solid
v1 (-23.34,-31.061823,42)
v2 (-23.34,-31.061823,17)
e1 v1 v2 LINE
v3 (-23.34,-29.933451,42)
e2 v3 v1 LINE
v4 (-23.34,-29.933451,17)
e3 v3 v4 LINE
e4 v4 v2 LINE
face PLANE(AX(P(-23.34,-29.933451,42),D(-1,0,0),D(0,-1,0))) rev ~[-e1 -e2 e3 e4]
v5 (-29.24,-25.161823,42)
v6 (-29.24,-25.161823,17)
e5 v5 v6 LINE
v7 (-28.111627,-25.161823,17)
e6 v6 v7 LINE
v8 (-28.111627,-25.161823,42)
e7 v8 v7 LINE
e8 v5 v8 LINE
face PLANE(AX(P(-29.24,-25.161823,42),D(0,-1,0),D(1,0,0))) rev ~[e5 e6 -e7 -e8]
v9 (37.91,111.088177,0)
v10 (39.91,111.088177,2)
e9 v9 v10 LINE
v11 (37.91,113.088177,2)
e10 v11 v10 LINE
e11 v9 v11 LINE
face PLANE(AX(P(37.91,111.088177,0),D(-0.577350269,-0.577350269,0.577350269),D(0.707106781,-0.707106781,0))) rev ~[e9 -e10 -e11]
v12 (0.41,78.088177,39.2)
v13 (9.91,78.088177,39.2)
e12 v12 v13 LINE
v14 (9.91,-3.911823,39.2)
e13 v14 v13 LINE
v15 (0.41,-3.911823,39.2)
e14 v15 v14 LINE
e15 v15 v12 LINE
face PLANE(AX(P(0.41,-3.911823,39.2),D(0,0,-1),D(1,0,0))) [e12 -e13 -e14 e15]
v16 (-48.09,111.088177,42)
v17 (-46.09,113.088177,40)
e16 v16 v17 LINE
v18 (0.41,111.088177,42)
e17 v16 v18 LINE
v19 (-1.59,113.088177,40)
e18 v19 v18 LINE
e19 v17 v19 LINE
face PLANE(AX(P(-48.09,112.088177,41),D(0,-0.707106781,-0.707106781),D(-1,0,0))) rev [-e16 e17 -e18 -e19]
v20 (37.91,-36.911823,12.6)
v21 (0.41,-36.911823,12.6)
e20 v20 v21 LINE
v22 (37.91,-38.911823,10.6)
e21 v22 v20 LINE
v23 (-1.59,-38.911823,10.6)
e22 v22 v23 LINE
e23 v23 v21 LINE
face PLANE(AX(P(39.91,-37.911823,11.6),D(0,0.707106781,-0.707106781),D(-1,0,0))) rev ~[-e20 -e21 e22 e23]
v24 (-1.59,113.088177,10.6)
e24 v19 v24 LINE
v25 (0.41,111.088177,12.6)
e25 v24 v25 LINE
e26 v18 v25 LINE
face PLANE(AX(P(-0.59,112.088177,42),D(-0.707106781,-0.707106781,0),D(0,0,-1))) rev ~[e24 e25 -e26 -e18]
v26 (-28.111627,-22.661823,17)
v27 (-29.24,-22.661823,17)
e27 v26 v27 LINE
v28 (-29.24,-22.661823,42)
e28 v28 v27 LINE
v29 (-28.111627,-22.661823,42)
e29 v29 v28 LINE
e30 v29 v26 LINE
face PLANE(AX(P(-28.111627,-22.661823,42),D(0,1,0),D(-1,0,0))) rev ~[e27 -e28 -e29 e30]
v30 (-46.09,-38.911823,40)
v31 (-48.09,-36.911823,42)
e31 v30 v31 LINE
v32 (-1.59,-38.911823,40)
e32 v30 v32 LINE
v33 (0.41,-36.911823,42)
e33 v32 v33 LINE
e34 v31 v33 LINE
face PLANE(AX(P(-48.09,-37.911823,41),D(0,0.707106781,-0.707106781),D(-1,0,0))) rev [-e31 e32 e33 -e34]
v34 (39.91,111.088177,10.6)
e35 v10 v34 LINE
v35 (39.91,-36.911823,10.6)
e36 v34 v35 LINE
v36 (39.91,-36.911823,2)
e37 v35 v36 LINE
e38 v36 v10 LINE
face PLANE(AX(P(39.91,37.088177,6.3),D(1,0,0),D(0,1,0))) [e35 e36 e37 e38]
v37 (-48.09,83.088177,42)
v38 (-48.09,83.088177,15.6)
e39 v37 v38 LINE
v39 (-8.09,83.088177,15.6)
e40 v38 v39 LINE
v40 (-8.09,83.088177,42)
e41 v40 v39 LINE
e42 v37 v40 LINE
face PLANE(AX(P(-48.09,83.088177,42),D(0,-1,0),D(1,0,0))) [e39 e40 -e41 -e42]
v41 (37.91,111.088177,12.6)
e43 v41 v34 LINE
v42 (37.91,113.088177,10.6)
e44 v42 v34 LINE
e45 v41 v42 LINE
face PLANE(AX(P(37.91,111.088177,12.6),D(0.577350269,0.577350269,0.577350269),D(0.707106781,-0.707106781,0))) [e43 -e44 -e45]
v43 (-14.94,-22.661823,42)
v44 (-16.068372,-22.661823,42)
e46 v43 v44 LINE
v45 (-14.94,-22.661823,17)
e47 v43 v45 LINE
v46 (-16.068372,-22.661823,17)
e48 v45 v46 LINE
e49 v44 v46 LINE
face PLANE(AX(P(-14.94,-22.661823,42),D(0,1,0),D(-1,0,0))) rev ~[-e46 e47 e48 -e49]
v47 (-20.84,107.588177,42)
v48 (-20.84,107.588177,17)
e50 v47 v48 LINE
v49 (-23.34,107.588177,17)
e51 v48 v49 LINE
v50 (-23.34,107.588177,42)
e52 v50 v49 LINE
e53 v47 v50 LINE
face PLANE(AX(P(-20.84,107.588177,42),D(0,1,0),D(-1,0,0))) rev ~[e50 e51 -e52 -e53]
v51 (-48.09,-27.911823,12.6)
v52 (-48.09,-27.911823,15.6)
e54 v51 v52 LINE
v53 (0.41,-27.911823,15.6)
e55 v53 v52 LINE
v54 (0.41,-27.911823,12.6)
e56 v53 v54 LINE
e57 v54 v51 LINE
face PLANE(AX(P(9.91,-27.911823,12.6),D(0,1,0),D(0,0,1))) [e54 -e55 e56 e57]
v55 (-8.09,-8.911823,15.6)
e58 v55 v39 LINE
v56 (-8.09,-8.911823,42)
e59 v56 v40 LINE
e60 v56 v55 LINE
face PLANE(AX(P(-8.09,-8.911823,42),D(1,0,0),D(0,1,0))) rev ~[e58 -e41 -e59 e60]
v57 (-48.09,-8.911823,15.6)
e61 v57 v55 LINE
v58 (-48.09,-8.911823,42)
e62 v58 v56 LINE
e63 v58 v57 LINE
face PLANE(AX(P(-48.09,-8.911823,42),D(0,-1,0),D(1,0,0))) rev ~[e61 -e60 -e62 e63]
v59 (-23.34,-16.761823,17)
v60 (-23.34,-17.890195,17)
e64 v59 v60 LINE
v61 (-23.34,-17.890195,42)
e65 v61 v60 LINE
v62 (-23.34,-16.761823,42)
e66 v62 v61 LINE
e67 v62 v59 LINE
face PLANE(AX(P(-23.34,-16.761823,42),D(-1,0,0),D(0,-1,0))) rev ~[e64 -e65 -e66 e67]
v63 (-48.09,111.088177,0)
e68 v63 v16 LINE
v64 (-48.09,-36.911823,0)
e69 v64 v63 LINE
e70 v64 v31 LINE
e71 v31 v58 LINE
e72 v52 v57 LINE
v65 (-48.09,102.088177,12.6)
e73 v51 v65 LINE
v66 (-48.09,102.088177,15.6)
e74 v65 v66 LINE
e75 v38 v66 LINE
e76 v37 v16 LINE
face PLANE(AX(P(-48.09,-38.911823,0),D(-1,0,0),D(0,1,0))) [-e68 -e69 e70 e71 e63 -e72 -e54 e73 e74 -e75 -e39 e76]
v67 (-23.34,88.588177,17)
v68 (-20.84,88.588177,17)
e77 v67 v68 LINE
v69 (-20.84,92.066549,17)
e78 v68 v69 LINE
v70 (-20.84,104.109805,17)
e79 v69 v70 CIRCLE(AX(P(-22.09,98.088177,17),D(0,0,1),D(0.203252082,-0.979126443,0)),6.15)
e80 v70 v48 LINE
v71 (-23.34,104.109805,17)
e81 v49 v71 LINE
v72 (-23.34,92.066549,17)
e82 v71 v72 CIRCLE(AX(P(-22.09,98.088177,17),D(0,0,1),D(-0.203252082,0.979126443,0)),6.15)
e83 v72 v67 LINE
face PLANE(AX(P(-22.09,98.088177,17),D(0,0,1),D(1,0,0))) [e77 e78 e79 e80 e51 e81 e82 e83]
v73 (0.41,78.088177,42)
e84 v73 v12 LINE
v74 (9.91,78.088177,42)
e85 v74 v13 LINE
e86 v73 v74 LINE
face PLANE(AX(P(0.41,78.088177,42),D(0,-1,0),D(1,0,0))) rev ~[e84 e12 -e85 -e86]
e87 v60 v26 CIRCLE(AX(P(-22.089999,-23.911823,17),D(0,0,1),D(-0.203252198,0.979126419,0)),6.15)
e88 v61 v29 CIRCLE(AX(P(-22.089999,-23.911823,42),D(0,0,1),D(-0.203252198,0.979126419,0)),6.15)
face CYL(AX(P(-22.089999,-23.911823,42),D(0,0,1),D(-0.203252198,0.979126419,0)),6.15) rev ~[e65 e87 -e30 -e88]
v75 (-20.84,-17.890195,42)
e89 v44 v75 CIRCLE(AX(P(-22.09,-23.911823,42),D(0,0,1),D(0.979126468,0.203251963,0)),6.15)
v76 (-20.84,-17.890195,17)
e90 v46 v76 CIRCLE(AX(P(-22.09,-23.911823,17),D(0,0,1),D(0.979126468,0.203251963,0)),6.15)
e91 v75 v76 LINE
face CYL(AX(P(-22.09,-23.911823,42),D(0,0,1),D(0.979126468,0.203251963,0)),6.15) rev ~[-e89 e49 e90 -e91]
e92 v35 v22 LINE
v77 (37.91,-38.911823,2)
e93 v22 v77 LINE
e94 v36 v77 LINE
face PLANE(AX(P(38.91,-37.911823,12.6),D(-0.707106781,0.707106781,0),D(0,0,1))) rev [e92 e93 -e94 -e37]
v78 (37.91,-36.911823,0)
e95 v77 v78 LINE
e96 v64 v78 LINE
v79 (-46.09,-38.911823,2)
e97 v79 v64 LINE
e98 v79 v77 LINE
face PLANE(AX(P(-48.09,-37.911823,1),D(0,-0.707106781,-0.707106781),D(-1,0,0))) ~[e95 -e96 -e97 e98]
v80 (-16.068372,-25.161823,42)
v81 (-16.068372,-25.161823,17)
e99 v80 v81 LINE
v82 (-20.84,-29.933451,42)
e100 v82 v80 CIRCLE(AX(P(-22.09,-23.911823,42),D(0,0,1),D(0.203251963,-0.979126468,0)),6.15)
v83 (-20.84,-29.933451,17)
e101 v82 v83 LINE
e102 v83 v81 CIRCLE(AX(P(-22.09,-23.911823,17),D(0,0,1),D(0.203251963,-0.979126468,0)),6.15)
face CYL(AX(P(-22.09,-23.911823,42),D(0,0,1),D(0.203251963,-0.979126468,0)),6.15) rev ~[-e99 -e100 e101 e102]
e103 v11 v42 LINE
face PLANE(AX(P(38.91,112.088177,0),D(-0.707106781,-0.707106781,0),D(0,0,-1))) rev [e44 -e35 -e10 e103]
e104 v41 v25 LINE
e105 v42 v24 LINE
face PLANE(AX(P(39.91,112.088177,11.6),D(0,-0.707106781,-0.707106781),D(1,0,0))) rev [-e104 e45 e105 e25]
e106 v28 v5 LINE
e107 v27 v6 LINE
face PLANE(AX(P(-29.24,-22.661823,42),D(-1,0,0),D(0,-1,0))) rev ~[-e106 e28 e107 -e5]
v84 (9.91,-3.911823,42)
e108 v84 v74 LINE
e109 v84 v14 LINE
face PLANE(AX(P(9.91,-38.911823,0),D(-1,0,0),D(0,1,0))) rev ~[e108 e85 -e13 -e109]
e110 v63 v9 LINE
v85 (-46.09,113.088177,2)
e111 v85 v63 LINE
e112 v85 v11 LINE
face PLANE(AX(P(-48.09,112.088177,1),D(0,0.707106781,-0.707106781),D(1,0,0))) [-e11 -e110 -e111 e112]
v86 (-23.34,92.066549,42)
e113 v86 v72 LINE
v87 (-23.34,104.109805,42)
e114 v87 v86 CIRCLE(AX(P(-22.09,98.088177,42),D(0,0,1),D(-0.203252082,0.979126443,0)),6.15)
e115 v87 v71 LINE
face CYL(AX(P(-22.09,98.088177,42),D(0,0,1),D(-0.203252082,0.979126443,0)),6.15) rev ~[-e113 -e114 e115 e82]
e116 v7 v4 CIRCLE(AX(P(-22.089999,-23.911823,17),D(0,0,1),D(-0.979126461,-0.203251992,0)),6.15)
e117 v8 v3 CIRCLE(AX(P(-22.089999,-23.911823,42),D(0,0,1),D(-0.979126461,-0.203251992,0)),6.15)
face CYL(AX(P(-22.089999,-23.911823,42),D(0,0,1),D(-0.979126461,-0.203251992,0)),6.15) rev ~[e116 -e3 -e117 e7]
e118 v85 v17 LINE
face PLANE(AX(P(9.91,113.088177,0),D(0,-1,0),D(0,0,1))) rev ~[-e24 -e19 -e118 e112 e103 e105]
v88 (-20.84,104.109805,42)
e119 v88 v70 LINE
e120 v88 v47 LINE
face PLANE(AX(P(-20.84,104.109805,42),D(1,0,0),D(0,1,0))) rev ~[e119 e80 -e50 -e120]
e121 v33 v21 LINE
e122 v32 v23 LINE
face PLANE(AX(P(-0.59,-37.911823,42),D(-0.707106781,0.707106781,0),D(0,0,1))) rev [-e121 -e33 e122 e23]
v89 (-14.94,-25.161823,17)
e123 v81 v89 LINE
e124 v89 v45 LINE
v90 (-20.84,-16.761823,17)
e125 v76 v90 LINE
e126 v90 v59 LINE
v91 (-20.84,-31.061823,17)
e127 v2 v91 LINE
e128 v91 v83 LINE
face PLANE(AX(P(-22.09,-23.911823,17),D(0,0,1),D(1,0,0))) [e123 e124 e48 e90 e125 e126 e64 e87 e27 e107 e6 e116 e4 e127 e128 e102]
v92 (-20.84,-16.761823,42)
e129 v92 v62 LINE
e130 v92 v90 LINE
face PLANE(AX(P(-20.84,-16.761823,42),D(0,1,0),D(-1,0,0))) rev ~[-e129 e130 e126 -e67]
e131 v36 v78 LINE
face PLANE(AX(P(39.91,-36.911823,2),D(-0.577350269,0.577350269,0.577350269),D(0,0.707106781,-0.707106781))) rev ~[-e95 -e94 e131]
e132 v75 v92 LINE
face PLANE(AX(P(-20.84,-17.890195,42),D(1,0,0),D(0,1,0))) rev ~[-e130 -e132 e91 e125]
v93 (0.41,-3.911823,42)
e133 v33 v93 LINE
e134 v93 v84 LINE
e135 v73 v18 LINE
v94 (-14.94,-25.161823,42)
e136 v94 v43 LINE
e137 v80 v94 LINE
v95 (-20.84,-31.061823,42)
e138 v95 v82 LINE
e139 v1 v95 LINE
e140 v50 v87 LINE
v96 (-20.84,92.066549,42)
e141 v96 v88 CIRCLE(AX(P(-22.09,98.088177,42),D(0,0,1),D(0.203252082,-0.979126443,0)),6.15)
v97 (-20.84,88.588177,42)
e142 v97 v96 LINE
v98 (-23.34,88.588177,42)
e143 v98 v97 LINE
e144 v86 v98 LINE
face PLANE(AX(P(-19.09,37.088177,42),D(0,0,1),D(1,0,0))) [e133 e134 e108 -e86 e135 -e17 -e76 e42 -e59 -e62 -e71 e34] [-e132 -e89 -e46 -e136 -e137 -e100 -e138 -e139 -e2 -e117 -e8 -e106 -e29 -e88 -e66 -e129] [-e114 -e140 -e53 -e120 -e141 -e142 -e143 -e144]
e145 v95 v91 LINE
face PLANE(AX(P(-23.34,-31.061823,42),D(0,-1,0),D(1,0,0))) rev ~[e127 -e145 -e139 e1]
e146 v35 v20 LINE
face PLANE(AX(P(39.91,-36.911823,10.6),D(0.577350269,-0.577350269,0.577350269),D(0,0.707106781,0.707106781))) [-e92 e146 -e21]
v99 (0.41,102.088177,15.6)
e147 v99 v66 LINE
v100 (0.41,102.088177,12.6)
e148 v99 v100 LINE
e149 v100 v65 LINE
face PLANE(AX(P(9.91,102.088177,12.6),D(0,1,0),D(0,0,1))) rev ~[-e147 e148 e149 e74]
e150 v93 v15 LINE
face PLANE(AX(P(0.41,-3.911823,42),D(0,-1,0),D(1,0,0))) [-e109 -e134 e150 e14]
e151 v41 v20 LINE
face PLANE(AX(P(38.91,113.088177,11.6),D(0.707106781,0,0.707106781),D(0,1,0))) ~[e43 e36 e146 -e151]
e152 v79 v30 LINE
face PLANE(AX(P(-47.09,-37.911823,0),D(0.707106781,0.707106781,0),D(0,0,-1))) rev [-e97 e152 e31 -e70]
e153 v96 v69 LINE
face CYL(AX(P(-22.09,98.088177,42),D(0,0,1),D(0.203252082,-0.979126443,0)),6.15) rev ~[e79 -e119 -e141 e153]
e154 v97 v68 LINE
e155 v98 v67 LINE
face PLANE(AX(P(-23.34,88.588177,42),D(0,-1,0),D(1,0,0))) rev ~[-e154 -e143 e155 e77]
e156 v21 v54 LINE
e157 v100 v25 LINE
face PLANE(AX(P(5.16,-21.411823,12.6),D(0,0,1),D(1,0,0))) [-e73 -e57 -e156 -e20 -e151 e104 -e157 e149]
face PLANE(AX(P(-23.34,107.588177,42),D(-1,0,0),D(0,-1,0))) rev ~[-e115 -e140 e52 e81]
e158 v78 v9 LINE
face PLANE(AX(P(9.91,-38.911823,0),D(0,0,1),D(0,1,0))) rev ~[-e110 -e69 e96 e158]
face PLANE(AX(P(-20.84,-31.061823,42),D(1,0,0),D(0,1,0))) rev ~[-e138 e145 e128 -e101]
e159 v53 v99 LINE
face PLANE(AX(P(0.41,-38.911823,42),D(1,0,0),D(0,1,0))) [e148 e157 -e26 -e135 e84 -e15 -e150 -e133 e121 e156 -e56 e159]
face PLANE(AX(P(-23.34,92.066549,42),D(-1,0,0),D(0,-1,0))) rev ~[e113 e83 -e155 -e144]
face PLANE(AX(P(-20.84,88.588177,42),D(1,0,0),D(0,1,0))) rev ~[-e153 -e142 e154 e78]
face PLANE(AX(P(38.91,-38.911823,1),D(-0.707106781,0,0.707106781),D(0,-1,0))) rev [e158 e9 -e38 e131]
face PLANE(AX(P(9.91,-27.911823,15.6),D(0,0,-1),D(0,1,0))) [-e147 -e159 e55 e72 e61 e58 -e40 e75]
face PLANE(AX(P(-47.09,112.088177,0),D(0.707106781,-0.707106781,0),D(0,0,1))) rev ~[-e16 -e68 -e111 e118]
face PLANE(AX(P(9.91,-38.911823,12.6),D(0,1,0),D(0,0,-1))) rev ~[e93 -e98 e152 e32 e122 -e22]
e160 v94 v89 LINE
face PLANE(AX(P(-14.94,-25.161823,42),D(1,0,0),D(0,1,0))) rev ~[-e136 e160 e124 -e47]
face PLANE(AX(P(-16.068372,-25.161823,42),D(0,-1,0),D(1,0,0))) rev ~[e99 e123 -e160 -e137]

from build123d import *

# Parameters (mm, degrees)
F0_W      = 58
F0_H      = 152
F1_DEPTH  = 42
F3_DEPTH  = 25
F4_DEPTH  = 25
F5_W      = 130
F5_H      = 3
F6_DEPTH  = 58
F7_DEPTH  = 30
F8_W      = 9.5
F8_H      = 35
F9_DEPTH  = 29.4
F10_W     = 9.5
F10_H     = 23.6
F11_DEPTH = 82
F12_SIZE  = 2
F13_W     = 40
F13_H     = 92
F14_DEPTH = 26.4


with BuildPart() as f1:
    # F0 (on Top) → F1 (new body)
    with BuildSketch(Plane.XY):
        with Locations((-19.09, 37.088177)):
            Rectangle(F0_W, F0_H)
    extrude(amount=F1_DEPTH)

    # F2 (on face) → F3 (cut)
    with BuildSketch(Plane.XY.offset(42)):
        with BuildLine():
            Line((-20.84, 88.588177), (-20.84, 92.066549))
            ThreePointArc((-20.84, 92.066549), (-15.94, 98.088177), (-20.84, 104.109805))
            Line((-20.84, 104.109805), (-20.84, 107.588177))
            Line((-20.84, 107.588177), (-23.34, 107.588177))
            Line((-23.34, 107.588177), (-23.34, 104.109805))
            ThreePointArc((-23.34, 104.109805), (-28.24, 98.088177), (-23.34, 92.066549))
            Line((-23.34, 92.066549), (-23.34, 88.588177))
            Line((-23.34, 88.588177), (-20.84, 88.588177))
        make_face()
    extrude(amount=-F3_DEPTH, mode=Mode.SUBTRACT)

    # F2 (on face) → F4 (cut)
    with BuildSketch(Plane.XY.offset(42)):
        with BuildLine():
            Line((-20.84, -31.061823), (-20.84, -29.933451))
            ThreePointArc((-20.84, -29.933451), (-17.741293, -28.26053), (-16.068372, -25.161823))
            Line((-16.068372, -25.161823), (-14.94, -25.161823))
            Line((-14.94, -25.161823), (-14.94, -22.661823))
            Line((-14.94, -22.661823), (-16.068372, -22.661823))
            ThreePointArc((-16.068372, -22.661823), (-17.741293, -19.563116), (-20.84, -17.890195))
            Line((-20.84, -17.890195), (-20.84, -16.761823))
            Line((-20.84, -16.761823), (-23.34, -16.761823))
            Line((-23.34, -16.761823), (-23.34, -17.890195))
            ThreePointArc((-23.34, -17.890195), (-26.438706, -19.563116), (-28.111627, -22.661823))
            Line((-28.111627, -22.661823), (-29.24, -22.661823))
            Line((-29.24, -22.661823), (-29.24, -25.161823))
            Line((-29.24, -25.161823), (-28.111627, -25.161823))
            ThreePointArc((-28.111627, -25.161823), (-26.438706, -28.26053), (-23.34, -29.933451))
            Line((-23.34, -29.933451), (-23.34, -31.061823))
            Line((-23.34, -31.061823), (-20.84, -31.061823))
        make_face()
    extrude(amount=-F4_DEPTH, mode=Mode.SUBTRACT)

    # F5 (on face) → F6 (cut, through all)
    with BuildSketch(Plane.YZ.offset(9.91)):
        with Locations((37.088177, 14.1)):
            Rectangle(F5_W, F5_H)
    extrude(amount=-F6_DEPTH, mode=Mode.SUBTRACT)

    # F5 (on face) → F7 (join)
    with BuildSketch(Plane.YZ.offset(9.91)):
        Polygon((102.088177, 12.6), (-27.911823, 12.6), (-38.911823, 12.6), (-38.911823, 0), (113.088177, 0), (113.088177, 12.6), align=None)
    extrude(amount=F7_DEPTH)

    # F8 (on face) → F9 (cut, through all)
    with BuildSketch(Plane.XY.offset(42)):
        with Locations((5.16, -21.411823)):
            Rectangle(F8_W, F8_H)
        with Locations((5.16, 95.588177)):
            Rectangle(F8_W, F8_H)
    extrude(amount=-F9_DEPTH, mode=Mode.SUBTRACT)

    # F10 (on face) → F11 (cut, through all)
    with BuildSketch(Plane.XZ.offset(3.911823)):
        with Locations((5.16, 27.4)):
            Rectangle(F10_W, F10_H)
    extrude(amount=-F11_DEPTH, mode=Mode.SUBTRACT)

    # F12
    f12_edges = [f1.edges().sort_by_distance(p)[0] for p in [
        (-4.09, -38.911823, 0),
        (-48.09, -38.911823, 21),
        (-23.84, -38.911823, 42),
        (0.41, -38.911823, 27.3),
        (20.16, -38.911823, 12.6),
        (39.91, -38.911823, 6.3),
        (39.91, 113.088177, 6.3),
        (20.16, 113.088177, 12.6),
        (0.41, 113.088177, 27.3),
        (-23.84, 113.088177, 42),
        (-48.09, 113.088177, 21),
        (-4.09, 113.088177, 0),
        (39.91, 37.088177, 12.6),
        (39.91, 37.088177, 0),
    ]]
    chamfer(f12_edges, length=F12_SIZE)

    # F13 (on face) → F14 (cut, through all)
    with BuildSketch(Plane.XY.offset(42)):
        with Locations((-28.09, 37.088177)):
            Rectangle(F13_W, F13_H)
    extrude(amount=-F14_DEPTH, mode=Mode.SUBTRACT)


solid = f1.part
